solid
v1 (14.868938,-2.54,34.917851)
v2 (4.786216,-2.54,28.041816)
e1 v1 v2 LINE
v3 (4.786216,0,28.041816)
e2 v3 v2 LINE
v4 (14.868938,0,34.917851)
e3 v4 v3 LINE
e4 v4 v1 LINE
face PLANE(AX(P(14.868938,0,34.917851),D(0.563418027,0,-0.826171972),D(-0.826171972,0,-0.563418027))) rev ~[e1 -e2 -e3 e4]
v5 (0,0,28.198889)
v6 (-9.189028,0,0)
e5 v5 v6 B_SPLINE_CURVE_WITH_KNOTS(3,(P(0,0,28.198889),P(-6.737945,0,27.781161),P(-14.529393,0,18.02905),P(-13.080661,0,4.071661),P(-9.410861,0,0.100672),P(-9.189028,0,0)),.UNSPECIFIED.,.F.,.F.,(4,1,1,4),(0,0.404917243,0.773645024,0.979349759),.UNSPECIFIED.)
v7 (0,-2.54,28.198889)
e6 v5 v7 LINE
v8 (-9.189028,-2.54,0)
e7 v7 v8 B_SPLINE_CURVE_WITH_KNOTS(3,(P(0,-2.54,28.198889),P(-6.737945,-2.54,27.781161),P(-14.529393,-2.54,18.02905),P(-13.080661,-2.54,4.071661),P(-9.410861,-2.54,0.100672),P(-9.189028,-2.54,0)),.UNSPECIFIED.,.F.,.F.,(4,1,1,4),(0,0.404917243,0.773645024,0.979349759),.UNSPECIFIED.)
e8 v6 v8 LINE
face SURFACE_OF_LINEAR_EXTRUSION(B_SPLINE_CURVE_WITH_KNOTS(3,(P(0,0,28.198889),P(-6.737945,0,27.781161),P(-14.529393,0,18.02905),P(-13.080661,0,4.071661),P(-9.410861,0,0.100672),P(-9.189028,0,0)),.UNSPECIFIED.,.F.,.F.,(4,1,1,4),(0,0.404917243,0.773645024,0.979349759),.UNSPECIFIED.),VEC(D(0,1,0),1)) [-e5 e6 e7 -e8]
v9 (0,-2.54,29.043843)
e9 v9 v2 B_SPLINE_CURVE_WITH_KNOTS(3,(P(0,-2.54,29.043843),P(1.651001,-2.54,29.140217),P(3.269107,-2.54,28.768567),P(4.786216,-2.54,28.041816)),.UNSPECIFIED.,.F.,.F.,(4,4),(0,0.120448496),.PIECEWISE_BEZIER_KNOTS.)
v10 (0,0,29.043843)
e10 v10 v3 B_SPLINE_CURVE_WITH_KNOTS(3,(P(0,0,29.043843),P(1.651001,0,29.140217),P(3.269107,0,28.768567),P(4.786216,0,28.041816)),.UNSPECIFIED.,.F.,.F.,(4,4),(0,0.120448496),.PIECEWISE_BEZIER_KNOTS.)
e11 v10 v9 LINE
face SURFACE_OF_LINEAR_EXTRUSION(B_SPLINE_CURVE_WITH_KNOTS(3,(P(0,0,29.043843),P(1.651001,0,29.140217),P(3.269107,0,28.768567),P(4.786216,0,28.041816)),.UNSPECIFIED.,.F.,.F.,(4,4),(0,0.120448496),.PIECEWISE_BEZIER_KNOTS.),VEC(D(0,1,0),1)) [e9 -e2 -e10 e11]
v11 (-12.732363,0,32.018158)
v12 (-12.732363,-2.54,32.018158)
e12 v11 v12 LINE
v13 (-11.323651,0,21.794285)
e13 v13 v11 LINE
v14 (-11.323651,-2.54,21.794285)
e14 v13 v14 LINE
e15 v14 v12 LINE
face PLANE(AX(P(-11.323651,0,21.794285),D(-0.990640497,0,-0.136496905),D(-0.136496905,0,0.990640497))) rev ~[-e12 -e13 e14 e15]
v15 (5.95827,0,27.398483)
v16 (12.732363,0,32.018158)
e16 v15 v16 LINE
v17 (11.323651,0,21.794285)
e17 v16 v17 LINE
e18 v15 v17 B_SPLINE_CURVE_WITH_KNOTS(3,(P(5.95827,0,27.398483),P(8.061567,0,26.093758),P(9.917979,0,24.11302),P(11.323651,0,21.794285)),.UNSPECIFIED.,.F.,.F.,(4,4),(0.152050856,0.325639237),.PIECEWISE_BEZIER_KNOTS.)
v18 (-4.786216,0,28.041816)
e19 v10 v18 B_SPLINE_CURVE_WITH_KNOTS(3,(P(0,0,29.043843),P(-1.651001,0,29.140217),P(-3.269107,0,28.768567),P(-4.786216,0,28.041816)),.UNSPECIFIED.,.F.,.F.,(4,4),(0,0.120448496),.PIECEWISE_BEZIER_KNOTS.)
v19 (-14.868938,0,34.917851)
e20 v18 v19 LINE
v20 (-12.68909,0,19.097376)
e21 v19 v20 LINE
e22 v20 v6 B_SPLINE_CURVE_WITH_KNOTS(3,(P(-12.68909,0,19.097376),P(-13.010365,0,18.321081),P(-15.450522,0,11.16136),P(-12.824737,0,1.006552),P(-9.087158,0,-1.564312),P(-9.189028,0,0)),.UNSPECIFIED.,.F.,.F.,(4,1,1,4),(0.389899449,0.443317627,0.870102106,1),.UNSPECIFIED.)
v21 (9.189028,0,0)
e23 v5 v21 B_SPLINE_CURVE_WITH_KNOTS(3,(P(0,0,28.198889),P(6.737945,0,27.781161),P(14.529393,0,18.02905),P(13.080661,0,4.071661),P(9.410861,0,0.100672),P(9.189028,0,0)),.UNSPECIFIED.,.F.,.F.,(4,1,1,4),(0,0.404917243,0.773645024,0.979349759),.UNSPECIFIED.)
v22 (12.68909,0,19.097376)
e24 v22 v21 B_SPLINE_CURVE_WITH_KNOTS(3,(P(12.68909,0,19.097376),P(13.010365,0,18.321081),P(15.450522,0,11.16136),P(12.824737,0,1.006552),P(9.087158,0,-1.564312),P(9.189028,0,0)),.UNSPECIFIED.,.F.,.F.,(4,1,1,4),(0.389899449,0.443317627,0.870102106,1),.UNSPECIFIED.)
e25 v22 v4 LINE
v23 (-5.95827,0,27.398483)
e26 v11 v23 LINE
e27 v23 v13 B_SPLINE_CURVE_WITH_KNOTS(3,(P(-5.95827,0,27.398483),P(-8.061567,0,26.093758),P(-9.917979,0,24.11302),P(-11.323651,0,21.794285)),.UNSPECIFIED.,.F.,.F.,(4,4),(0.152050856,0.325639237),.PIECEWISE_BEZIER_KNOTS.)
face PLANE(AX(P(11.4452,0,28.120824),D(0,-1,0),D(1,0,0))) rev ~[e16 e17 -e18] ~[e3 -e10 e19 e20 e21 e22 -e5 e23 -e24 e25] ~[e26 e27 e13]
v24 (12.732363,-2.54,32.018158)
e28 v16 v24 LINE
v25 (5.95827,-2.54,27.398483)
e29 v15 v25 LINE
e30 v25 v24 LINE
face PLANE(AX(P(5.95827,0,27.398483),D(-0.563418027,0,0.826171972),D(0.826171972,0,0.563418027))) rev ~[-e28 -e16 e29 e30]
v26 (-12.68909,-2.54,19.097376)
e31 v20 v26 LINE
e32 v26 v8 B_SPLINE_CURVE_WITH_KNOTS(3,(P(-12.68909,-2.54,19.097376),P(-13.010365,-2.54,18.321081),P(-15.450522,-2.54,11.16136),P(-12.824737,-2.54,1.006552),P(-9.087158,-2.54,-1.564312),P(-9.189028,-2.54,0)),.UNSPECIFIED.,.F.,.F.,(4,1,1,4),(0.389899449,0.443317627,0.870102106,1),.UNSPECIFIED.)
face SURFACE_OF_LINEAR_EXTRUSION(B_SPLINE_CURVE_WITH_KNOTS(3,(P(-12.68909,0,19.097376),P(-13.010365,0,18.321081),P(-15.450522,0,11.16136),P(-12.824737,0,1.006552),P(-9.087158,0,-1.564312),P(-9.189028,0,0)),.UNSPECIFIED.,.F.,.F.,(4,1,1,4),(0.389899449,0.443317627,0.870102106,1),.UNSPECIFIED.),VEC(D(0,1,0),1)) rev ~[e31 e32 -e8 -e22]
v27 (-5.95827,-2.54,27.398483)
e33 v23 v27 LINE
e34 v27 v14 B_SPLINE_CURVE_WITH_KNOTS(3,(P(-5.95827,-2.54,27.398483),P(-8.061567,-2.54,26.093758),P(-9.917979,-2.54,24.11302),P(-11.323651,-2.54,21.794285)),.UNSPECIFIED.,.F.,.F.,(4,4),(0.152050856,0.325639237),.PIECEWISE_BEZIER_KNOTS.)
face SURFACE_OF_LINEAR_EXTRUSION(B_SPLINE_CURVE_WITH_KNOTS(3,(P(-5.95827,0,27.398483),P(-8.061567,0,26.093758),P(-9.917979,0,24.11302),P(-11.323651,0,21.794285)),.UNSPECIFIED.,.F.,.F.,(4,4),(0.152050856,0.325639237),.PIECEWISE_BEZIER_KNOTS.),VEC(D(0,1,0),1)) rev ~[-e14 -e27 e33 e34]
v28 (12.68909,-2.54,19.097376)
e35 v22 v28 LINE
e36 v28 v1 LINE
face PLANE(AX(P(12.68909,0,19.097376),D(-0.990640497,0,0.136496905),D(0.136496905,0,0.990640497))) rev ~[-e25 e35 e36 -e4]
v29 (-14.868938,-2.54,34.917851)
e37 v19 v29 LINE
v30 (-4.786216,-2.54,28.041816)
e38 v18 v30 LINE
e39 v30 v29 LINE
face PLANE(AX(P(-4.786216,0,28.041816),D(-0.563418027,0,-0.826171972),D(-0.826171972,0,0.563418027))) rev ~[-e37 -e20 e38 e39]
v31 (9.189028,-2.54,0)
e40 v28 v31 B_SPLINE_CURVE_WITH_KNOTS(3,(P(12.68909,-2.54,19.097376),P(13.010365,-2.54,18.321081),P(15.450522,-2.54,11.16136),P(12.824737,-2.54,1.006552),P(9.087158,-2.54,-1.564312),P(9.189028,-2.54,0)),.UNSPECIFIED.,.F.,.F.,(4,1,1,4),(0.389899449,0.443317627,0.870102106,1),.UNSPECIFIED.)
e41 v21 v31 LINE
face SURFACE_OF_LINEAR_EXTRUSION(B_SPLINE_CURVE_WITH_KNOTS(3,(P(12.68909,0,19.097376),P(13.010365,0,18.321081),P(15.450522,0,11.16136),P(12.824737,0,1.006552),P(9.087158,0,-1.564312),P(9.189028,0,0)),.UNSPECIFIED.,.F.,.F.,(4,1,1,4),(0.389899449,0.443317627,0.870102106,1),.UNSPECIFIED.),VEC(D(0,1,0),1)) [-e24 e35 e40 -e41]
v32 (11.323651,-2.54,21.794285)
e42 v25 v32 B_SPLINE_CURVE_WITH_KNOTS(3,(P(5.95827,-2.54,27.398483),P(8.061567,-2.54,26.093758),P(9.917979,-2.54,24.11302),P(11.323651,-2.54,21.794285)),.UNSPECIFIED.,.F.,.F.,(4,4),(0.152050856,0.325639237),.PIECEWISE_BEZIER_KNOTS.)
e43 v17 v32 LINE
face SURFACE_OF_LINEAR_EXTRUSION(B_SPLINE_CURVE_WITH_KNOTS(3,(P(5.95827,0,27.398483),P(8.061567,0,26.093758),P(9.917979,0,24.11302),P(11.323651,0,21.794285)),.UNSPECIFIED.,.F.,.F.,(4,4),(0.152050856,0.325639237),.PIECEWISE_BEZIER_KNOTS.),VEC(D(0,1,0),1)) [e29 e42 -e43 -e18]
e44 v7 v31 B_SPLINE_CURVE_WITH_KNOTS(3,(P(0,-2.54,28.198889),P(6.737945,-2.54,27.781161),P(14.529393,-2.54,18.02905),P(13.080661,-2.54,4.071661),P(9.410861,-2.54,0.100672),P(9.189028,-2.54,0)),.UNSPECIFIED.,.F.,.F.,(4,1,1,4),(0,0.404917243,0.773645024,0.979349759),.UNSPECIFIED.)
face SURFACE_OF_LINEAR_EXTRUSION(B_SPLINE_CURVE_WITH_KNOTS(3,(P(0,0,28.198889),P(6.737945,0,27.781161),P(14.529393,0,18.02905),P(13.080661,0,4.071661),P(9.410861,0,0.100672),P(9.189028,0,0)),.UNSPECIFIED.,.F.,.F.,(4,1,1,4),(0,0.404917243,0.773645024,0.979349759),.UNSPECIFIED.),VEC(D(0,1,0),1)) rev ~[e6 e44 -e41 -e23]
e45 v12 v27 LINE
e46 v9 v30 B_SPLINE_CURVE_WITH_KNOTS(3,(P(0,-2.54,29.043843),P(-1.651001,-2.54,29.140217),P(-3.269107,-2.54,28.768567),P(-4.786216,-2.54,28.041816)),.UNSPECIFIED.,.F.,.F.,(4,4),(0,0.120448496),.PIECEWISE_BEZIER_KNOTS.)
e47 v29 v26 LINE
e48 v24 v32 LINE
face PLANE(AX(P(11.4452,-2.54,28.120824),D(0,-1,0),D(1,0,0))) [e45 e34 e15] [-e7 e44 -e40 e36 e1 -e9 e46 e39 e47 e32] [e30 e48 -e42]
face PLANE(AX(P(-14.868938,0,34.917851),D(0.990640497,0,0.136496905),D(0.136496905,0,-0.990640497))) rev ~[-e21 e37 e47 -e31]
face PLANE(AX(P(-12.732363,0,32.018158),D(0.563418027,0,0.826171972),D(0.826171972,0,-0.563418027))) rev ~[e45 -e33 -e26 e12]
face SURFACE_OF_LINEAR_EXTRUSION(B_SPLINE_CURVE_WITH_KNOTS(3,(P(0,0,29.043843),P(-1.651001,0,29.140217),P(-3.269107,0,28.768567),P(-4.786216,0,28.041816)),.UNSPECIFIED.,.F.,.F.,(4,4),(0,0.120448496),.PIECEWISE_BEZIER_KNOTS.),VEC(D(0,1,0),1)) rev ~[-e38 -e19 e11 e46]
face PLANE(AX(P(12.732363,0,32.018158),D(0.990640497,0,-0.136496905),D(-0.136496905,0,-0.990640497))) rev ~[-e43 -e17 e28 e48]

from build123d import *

# Parameters (mm, degrees)
F1_DEPTH = 2.54


with BuildPart() as f1:
    # F0 (on Front) → F1 (new body)
    with BuildSketch(Plane.XZ):
        with BuildLine():
            Line((14.8689377659, 34.9178511836), (4.7862156734, 28.0418161935))
            add(Edge.make_bspline(
                [(4.7862156734, 28.0418161935), (5.1842631853, 27.8511368087), (5.5753581281, 27.6360125047), (5.9582704652, 27.3984828182)],
                knots=[0.1204484957, 0.1204484957, 0.1204484957, 0.1204484957, 0.1520508561, 0.1520508561, 0.1520508561, 0.1520508561], degree=3))
            Line((5.9582704652, 27.3984828182), (12.732363106, 32.0181577032))
            Line((12.732363106, 32.0181577032), (11.3236512241, 21.7942845656))
            add(Edge.make_bspline(
                [(11.3236512241, 21.7942845656), (11.8440132645, 20.9359181108), (12.302606577, 20.0312328496), (12.6890896057, 19.0973762258)],
                knots=[0.3256392374, 0.3256392374, 0.3256392374, 0.3256392374, 0.3898994489, 0.3898994489, 0.3898994489, 0.3898994489], degree=3))
            Line((12.6890896057, 19.0973762258), (14.8689377659, 34.9178511836))
        make_face()
        with BuildLine():
            add(Edge.make_bspline(
                [(-4.7862156734, 28.0418161935), (-5.1842631853, 27.8511368087), (-5.5753581281, 27.6360125047), (-5.9582704652, 27.3984828182)],
                knots=[0.1204484957, 0.1204484957, 0.1204484957, 0.1204484957, 0.1520508561, 0.1520508561, 0.1520508561, 0.1520508561], degree=3))
            Line((-4.7862156734, 28.0418161935), (-14.8689377659, 34.9178511836))
            Line((-14.8689377659, 34.9178511836), (-12.6890896057, 19.0973762258))
            add(Edge.make_bspline(
                [(-11.3236512241, 21.7942845656), (-11.8440132645, 20.9359181108), (-12.302606577, 20.0312328496), (-12.6890896057, 19.0973762258)],
                knots=[0.3256392374, 0.3256392374, 0.3256392374, 0.3256392374, 0.3898994489, 0.3898994489, 0.3898994489, 0.3898994489], degree=3))
            Line((-11.3236512241, 21.7942845656), (-12.732363106, 32.0181577032))
            Line((-12.732363106, 32.0181577032), (-5.9582704652, 27.3984828182))
        make_face()
        with BuildLine():
            add(Edge.make_bspline(
                [(0, 29.043843347), (1.6510006337, 29.1402167196), (3.2691067187, 28.7685671305), (4.7862156734, 28.0418161935)],
                knots=[0, 0, 0, 0, 0.1204484957, 0.1204484957, 0.1204484957, 0.1204484957], degree=3))
            add(Edge.make_bspline(
                [(0, 29.043843347), (-1.6510006337, 29.1402167196), (-3.2691067187, 28.7685671305), (-4.7862156734, 28.0418161935)],
                knots=[0, 0, 0, 0, 0.1204484957, 0.1204484957, 0.1204484957, 0.1204484957], degree=3))
            add(Edge.make_bspline(
                [(-4.7862156734, 28.0418161935), (-5.1842631853, 27.8511368087), (-5.5753581281, 27.6360125047), (-5.9582704652, 27.3984828182)],
                knots=[0.1204484957, 0.1204484957, 0.1204484957, 0.1204484957, 0.1520508561, 0.1520508561, 0.1520508561, 0.1520508561], degree=3))
            add(Edge.make_bspline(
                [(-5.9582704652, 27.3984828182), (-8.0615669228, 26.0937576898), (-9.9179788464, 24.1130202187), (-11.3236512241, 21.7942845656)],
                knots=[0.1520508561, 0.1520508561, 0.1520508561, 0.1520508561, 0.3256392374, 0.3256392374, 0.3256392374, 0.3256392374], degree=3))
            add(Edge.make_bspline(
                [(-11.3236512241, 21.7942845656), (-11.8440132645, 20.9359181108), (-12.302606577, 20.0312328496), (-12.6890896057, 19.0973762258)],
                knots=[0.3256392374, 0.3256392374, 0.3256392374, 0.3256392374, 0.3898994489, 0.3898994489, 0.3898994489, 0.3898994489], degree=3))
            add(Edge.make_bspline(
                [(-12.6890896057, 19.0973762258), (-13.0103649171, 18.3210806182), (-15.4505220691, 11.1613604921), (-12.8247367975, 1.0065517387), (-9.0871575297, -1.5643117344), (-9.1890276516, 0)],
                knots=[0.3898994489, 0.3898994489, 0.3898994489, 0.3898994489, 0.4433176275, 0.8701021062, 1, 1, 1, 1], degree=3))
            add(Edge.make_bspline(
                [(0, 28.1988892792), (-6.7379450358, 27.7811610109), (-14.5293932549, 18.0290497191), (-13.0806609004, 4.071660879), (-9.4108605954, 0.1006722728), (-9.1890276516, 0)],
                knots=[0, 0, 0, 0, 0.4049172426, 0.7736450245, 0.9793497587, 0.9793497587, 0.9793497587, 0.9793497587], degree=3))
            add(Edge.make_bspline(
                [(0, 28.1988892792), (6.7379450358, 27.7811610109), (14.5293932549, 18.0290497191), (13.0806609004, 4.071660879), (9.4108605954, 0.1006722728), (9.1890276516, 0)],
                knots=[0, 0, 0, 0, 0.4049172426, 0.7736450245, 0.9793497587, 0.9793497587, 0.9793497587, 0.9793497587], degree=3))
            add(Edge.make_bspline(
                [(12.6890896057, 19.0973762258), (13.0103649171, 18.3210806182), (15.4505220691, 11.1613604921), (12.8247367975, 1.0065517387), (9.0871575297, -1.5643117344), (9.1890276516, 0)],
                knots=[0.3898994489, 0.3898994489, 0.3898994489, 0.3898994489, 0.4433176275, 0.8701021062, 1, 1, 1, 1], degree=3))
            add(Edge.make_bspline(
                [(11.3236512241, 21.7942845656), (11.8440132645, 20.9359181108), (12.302606577, 20.0312328496), (12.6890896057, 19.0973762258)],
                knots=[0.3256392374, 0.3256392374, 0.3256392374, 0.3256392374, 0.3898994489, 0.3898994489, 0.3898994489, 0.3898994489], degree=3))
            add(Edge.make_bspline(
                [(5.9582704652, 27.3984828182), (8.0615669228, 26.0937576898), (9.9179788464, 24.1130202187), (11.3236512241, 21.7942845656)],
                knots=[0.1520508561, 0.1520508561, 0.1520508561, 0.1520508561, 0.3256392374, 0.3256392374, 0.3256392374, 0.3256392374], degree=3))
            add(Edge.make_bspline(
                [(4.7862156734, 28.0418161935), (5.1842631853, 27.8511368087), (5.5753581281, 27.6360125047), (5.9582704652, 27.3984828182)],
                knots=[0.1204484957, 0.1204484957, 0.1204484957, 0.1204484957, 0.1520508561, 0.1520508561, 0.1520508561, 0.1520508561], degree=3))
        make_face()
    extrude(amount=F1_DEPTH)


solid = f1.part
